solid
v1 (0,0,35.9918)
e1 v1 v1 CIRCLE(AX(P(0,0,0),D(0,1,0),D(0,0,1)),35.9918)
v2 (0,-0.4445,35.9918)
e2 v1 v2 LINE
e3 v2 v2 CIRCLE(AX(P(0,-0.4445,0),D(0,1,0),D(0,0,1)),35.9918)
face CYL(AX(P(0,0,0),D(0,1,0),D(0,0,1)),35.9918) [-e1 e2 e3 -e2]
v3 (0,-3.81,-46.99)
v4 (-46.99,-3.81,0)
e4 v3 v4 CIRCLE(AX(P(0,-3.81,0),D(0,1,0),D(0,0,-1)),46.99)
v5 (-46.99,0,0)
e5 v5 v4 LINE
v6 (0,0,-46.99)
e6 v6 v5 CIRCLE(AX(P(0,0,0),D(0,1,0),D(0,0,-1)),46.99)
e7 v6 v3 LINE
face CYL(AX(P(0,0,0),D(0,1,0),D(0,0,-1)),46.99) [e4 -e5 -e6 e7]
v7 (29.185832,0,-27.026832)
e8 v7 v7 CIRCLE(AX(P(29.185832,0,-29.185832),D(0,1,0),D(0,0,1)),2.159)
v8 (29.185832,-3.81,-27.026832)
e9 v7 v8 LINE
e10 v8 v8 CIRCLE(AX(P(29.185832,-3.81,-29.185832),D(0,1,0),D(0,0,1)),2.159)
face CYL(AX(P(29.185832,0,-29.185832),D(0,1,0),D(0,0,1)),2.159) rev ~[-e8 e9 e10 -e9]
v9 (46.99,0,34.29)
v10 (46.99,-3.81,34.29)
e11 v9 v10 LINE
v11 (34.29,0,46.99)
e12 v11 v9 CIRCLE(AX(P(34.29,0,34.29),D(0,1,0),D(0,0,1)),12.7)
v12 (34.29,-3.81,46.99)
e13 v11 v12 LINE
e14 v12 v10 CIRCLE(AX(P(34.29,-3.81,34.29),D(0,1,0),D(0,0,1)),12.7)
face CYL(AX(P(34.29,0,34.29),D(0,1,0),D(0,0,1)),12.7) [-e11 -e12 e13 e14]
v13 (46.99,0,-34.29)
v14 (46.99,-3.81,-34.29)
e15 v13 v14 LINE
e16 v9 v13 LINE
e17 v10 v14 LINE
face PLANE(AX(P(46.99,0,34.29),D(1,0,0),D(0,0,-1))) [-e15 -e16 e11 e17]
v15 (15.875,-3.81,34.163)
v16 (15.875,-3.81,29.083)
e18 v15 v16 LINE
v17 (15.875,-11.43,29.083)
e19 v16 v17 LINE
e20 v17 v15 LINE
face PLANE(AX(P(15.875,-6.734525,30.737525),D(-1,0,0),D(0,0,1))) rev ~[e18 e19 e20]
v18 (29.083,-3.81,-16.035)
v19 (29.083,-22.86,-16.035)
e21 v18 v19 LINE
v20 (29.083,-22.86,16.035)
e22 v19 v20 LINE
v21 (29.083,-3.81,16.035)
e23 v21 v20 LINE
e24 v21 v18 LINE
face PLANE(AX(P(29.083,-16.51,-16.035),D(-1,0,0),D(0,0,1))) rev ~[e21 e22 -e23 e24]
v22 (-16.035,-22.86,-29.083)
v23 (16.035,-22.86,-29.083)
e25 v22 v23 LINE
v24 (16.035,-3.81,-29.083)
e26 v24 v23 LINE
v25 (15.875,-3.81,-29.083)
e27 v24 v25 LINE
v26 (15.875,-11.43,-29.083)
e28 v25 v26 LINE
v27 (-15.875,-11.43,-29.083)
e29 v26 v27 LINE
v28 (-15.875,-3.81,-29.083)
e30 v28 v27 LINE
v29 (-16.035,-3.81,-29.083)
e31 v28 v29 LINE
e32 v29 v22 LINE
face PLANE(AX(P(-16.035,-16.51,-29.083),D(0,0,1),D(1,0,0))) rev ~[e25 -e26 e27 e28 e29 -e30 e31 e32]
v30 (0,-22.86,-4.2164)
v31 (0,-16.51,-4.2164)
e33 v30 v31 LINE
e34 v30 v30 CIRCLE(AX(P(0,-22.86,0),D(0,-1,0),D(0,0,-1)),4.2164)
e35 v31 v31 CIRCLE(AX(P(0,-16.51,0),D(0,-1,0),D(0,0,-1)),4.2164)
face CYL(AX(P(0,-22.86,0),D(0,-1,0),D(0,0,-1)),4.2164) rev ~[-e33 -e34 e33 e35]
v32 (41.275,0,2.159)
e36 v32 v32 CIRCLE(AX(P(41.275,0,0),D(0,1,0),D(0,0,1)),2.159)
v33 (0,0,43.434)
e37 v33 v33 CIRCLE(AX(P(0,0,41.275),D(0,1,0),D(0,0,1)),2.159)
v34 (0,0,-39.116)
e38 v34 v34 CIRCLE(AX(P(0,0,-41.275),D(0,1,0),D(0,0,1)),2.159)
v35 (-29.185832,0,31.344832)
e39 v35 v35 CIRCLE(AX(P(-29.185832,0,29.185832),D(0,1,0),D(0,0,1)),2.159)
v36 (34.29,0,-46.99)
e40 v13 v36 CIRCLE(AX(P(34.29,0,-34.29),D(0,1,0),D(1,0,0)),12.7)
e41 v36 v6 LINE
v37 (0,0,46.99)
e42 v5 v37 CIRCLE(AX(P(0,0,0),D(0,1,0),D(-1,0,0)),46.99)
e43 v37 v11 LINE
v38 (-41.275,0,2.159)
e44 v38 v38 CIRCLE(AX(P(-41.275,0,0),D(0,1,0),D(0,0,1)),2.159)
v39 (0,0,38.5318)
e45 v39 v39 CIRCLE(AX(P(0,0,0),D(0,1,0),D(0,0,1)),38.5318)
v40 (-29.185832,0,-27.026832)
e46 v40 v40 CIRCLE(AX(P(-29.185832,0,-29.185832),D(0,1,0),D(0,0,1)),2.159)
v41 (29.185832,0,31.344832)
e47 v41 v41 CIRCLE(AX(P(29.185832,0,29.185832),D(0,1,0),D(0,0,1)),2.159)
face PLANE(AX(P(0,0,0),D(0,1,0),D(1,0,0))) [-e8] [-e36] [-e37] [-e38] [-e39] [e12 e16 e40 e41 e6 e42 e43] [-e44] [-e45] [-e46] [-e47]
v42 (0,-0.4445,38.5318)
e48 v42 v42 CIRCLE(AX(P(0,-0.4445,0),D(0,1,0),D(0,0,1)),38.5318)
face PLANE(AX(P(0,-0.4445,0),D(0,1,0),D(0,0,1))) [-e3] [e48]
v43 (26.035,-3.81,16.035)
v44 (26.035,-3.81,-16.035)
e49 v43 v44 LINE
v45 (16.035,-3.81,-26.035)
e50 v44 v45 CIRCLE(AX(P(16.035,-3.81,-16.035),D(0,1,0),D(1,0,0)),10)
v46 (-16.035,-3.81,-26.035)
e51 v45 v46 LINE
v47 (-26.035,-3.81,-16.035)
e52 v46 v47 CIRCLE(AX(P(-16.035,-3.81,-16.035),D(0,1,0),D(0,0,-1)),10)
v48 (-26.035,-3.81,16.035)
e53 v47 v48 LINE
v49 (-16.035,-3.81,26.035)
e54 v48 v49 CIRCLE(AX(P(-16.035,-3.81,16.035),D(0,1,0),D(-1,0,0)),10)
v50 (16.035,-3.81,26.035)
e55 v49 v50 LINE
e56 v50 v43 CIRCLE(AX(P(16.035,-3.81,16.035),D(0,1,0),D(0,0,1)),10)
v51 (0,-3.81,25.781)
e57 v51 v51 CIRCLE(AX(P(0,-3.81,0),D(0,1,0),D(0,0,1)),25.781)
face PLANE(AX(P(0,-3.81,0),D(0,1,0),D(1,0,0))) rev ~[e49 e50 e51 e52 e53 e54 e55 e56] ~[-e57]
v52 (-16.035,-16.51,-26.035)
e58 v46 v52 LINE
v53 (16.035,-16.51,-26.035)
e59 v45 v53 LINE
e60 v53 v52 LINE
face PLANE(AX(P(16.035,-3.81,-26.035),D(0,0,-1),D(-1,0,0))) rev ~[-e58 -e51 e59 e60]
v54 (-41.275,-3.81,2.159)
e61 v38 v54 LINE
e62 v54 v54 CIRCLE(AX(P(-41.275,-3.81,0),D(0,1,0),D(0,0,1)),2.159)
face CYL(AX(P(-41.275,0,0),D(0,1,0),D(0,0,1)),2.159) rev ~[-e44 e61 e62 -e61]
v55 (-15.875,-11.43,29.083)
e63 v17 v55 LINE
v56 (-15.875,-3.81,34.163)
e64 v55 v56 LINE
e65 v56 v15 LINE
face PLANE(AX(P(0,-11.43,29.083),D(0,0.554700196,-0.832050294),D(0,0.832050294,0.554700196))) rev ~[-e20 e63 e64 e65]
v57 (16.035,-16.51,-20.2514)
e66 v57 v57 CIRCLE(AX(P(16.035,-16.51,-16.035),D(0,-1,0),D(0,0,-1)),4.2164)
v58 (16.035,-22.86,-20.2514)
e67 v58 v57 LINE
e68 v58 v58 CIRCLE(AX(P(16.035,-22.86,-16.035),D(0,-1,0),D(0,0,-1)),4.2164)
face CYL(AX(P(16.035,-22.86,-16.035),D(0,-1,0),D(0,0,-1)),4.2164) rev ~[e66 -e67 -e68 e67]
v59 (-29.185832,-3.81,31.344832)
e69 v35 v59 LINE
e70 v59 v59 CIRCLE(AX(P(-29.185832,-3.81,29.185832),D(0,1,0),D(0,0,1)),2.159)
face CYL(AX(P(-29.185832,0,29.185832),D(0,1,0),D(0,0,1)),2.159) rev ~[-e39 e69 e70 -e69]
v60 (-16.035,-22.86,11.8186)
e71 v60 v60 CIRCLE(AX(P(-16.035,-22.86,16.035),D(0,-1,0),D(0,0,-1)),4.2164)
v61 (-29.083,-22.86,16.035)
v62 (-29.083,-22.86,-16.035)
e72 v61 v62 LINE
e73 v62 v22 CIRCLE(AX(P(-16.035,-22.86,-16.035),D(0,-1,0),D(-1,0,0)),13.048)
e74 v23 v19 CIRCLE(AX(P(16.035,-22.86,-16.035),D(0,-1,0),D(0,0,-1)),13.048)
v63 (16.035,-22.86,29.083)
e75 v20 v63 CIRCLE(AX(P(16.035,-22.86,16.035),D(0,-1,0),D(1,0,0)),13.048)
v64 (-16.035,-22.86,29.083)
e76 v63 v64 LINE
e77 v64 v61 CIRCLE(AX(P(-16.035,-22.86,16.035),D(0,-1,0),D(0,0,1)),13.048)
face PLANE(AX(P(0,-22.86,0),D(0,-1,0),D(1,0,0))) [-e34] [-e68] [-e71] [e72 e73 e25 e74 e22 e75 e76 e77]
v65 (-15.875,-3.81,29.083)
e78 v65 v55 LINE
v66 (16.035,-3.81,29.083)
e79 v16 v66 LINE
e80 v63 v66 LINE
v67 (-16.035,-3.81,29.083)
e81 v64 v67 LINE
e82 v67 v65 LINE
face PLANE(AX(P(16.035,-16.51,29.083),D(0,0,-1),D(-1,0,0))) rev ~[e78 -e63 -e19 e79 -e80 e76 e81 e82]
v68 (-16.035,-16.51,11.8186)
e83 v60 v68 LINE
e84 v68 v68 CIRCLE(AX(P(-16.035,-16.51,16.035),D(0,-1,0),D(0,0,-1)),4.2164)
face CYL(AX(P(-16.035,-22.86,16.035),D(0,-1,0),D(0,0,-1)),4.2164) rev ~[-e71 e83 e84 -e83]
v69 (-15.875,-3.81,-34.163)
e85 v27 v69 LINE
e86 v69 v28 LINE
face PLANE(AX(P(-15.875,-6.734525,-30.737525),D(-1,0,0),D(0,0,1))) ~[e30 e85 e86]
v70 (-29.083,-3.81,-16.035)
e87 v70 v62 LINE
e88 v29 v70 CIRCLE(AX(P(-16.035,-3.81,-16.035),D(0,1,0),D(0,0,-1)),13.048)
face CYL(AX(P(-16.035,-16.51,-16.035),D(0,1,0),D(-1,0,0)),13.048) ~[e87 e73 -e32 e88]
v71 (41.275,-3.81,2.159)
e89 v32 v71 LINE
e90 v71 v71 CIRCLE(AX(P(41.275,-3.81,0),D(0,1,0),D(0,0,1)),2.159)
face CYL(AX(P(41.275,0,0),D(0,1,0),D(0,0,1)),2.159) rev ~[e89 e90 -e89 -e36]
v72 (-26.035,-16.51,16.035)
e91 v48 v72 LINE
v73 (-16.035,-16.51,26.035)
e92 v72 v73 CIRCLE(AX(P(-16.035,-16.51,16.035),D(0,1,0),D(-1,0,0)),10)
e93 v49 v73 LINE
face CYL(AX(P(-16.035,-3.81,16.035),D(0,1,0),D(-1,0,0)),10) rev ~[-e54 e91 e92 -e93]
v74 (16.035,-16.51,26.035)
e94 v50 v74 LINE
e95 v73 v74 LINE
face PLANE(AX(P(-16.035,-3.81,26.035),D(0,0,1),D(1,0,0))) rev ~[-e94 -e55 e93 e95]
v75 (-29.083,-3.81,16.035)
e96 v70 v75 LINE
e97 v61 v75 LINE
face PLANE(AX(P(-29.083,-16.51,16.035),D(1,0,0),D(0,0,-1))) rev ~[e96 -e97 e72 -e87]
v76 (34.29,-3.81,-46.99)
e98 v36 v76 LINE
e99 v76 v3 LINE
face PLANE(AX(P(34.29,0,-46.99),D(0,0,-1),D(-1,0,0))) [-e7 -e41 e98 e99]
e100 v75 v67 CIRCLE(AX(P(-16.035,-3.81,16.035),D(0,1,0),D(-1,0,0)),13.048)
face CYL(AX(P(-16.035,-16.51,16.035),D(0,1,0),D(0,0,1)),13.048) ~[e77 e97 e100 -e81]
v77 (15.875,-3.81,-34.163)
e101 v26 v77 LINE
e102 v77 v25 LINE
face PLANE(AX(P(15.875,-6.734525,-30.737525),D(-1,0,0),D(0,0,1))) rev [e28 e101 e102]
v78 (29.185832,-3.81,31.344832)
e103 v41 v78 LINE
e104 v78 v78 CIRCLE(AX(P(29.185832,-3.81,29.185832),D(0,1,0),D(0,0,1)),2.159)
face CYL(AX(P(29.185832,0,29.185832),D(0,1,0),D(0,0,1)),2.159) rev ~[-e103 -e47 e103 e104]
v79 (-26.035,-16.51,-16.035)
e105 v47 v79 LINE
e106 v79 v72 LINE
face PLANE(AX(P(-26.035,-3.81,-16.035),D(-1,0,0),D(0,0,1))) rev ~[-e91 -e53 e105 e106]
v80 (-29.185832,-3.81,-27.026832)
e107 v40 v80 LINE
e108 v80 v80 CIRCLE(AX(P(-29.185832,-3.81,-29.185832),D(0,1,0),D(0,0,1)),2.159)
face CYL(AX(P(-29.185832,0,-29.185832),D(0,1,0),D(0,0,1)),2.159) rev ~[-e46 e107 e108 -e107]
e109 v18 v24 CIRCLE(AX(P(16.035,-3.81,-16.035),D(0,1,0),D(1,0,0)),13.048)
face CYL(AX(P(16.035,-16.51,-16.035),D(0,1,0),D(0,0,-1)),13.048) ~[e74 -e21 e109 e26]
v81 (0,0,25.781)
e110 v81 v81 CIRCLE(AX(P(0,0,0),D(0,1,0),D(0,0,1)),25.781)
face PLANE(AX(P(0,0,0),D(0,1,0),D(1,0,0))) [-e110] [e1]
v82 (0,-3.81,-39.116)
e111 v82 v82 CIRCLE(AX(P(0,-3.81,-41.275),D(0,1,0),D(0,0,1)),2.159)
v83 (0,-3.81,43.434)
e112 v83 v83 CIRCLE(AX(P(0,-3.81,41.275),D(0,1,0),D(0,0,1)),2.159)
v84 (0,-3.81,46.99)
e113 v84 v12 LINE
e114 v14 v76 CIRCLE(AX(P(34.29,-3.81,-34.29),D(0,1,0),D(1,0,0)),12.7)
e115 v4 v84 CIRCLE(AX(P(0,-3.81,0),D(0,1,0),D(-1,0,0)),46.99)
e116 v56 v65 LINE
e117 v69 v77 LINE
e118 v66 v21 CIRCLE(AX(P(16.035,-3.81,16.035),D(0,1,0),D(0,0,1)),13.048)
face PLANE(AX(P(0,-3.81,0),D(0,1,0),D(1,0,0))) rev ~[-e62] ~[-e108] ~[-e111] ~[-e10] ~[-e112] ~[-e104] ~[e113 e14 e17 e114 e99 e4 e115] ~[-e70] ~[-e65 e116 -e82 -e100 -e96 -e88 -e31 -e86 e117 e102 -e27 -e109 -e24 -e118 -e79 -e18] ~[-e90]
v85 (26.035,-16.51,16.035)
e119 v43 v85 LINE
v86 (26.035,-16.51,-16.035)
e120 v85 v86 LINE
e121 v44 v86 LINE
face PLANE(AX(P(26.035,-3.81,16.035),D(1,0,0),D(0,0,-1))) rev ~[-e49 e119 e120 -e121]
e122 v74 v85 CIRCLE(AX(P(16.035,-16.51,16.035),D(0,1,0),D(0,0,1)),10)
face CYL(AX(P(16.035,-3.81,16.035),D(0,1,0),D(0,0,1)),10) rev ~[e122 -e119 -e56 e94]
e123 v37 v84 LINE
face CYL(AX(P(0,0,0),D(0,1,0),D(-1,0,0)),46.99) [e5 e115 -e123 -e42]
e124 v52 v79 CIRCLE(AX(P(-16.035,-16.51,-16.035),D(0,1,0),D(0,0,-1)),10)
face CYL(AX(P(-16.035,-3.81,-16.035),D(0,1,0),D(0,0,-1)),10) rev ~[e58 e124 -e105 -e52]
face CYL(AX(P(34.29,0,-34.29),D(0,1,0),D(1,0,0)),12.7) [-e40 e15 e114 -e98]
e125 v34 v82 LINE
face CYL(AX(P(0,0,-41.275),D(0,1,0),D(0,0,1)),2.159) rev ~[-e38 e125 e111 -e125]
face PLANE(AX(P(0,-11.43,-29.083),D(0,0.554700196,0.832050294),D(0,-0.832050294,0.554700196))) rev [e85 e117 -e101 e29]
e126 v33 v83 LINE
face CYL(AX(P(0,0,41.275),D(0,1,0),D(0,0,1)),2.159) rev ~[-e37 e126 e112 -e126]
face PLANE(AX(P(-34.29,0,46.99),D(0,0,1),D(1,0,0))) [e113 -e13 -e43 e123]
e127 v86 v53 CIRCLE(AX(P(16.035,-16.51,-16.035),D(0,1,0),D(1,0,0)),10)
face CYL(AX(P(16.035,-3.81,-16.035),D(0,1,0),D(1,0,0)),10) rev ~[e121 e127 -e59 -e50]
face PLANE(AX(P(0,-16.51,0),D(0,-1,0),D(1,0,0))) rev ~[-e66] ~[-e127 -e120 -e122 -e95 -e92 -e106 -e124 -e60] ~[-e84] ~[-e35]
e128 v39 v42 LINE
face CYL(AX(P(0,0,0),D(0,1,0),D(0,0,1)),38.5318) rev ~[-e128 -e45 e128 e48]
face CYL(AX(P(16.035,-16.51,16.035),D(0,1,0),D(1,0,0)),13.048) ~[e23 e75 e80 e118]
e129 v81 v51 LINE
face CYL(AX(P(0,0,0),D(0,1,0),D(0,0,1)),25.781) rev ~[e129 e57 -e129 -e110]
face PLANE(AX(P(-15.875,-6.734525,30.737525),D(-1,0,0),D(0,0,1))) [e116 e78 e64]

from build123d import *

# Parameters (mm, degrees)
SKETCH2_R           = 2.159
BOSS_EXTRUDE3_DEPTH = 3.81
SKETCH1_R           = 38.5318
SKETCH1_R_2         = 35.9918
CUT_EXTRUDE1_DEPTH  = 0.4445
SKETCH4_R           = 25.781
CUT_EXTRUDE2_DEPTH  = 3.81
BOSS_EXTRUDE4_DEPTH = 12.7
BOSS_EXTRUDE5_DEPTH = 6.35
CUT_EXTRUDE3_START  = -3.81
CUT_EXTRUDE3_DEPTH  = 3.81
BOSS_EXTRUDE6_DEPTH = 15.875
CUT_EXTRUDE4_REACH  = 72.276
SKETCH12_R          = 4.2164


with BuildPart() as part:
    # Sketch2 → Boss-Extrude3 (new body)
    with BuildSketch(Plane(origin=(0, 0, 0), x_dir=(1, 0, 0), z_dir=(0, 1, 0))):
        with BuildLine():
            Line((34.29, 46.99), (-34.29, 46.99))
            ThreePointArc((-34.29, 46.99), (-43.270256121, 43.270256121), (-46.99, 34.29))
            Line((-46.99, 34.29), (-46.99, -34.29))
            ThreePointArc((-46.99, -34.29), (-43.270256121, -43.270256121), (-34.29, -46.99))
            Line((-34.29, -46.99), (34.29, -46.99))
            ThreePointArc((34.29, -46.99), (43.270256121, -43.270256121), (46.99, -34.29))
            Line((46.99, -34.29), (46.99, 34.29))
            ThreePointArc((46.99, 34.29), (43.270256121, 43.270256121), (34.29, 46.99))
        make_face()
        with Locations(Location((0, 41.275, 0), (0, 0, 270))):
            Circle(SKETCH2_R, mode=Mode.SUBTRACT)
        with Locations(Location((29.185832393, 29.185832393, 0), (0, 0, 270))):
            Circle(SKETCH2_R, mode=Mode.SUBTRACT)
        with Locations(Location((41.275, 0, 0), (0, 0, 270))):
            Circle(SKETCH2_R, mode=Mode.SUBTRACT)
        with Locations(Location((29.185832393, -29.185832393, 0), (0, 0, 270))):
            Circle(SKETCH2_R, mode=Mode.SUBTRACT)
        with Locations(Location((0, -41.275, 0), (0, 0, 270))):
            Circle(SKETCH2_R, mode=Mode.SUBTRACT)
        with Locations(Location((-29.185832393, -29.185832393, 0), (0, 0, 270))):
            Circle(SKETCH2_R, mode=Mode.SUBTRACT)
        with Locations(Location((-41.275, 0, 0), (0, 0, 270))):
            Circle(SKETCH2_R, mode=Mode.SUBTRACT)
        with Locations(Location((-29.185832393, 29.185832393, 0), (0, 0, 270))):
            Circle(SKETCH2_R, mode=Mode.SUBTRACT)
    extrude(amount=-BOSS_EXTRUDE3_DEPTH)

    # Sketch1 → Cut-Extrude1 (cut)
    with BuildSketch(Plane(origin=(0, 0, 0), x_dir=(1, 0, 0), z_dir=(0, 1, 0))):
        with Locations(Location((0, 0, 0), (0, 0, 270))):
            Circle(SKETCH1_R)
        with Locations(Location((0, 0, 0), (0, 0, 270))):
            Circle(SKETCH1_R_2, mode=Mode.SUBTRACT)
    extrude(amount=-CUT_EXTRUDE1_DEPTH, mode=Mode.SUBTRACT)

    # Sketch4 → Cut-Extrude2 (cut)
    with BuildSketch(Plane(origin=(0, 0, 0), x_dir=(1, 0, 0), z_dir=(0, 1, 0))):
        with Locations(Location((0, 0, 0), (0, 0, 270))):
            Circle(SKETCH4_R)
    extrude(amount=-CUT_EXTRUDE2_DEPTH, mode=Mode.SUBTRACT)

    # Sketch5 → Boss-Extrude4 (add)
    with BuildSketch(Plane.XZ.offset(3.81)):
        with BuildLine():
            ThreePointArc((-29.083, 16.035), (-25.261329281, 25.261329281), (-16.035, 29.083))
            Line((-16.035, 29.083), (16.035, 29.083))
            ThreePointArc((16.035, 29.083), (25.261329281, 25.261329281), (29.083, 16.035))
            Line((29.083, 16.035), (29.083, -16.035))
            ThreePointArc((29.083, -16.035), (25.261329281, -25.261329281), (16.035, -29.083))
            Line((16.035, -29.083), (-16.035, -29.083))
            ThreePointArc((-16.035, -29.083), (-25.261329281, -25.261329281), (-29.083, -16.035))
            Line((-29.083, -16.035), (-29.083, 16.035))
        make_face()
        with BuildLine():
            Line((-26.035, -16.035), (-26.035, 16.035))
            ThreePointArc((-26.035, 16.035), (-23.106067812, 23.106067812), (-16.035, 26.035))
            Line((-16.035, 26.035), (16.035, 26.035))
            ThreePointArc((16.035, 26.035), (23.106067812, 23.106067812), (26.035, 16.035))
            Line((26.035, 16.035), (26.035, -16.035))
            ThreePointArc((26.035, -16.035), (23.106067812, -23.106067812), (16.035, -26.035))
            Line((16.035, -26.035), (-16.035, -26.035))
            ThreePointArc((-16.035, -26.035), (-23.106067812, -23.106067812), (-26.035, -16.035))
        make_face(mode=Mode.SUBTRACT)
    extrude(amount=BOSS_EXTRUDE4_DEPTH)

    # Sketch6 → Boss-Extrude5 (add)
    with BuildSketch(Plane.XZ.offset(16.51)):
        with BuildLine():
            Line((-29.083, 16.035), (-29.083, -16.035))
            ThreePointArc((-29.083, -16.035), (-25.261329281, -25.261329281), (-16.035, -29.083))
            Line((-16.035, -29.083), (16.035, -29.083))
            ThreePointArc((16.035, -29.083), (25.261329281, -25.261329281), (29.083, -16.035))
            Line((29.083, -16.035), (29.083, 16.035))
            ThreePointArc((29.083, 16.035), (25.261329281, 25.261329281), (16.035, 29.083))
            Line((16.035, 29.083), (-16.035, 29.083))
            ThreePointArc((-16.035, 29.083), (-25.261329281, 25.261329281), (-29.083, 16.035))
        make_face()
    extrude(amount=BOSS_EXTRUDE5_DEPTH)

    # Sketch7 → Cut-Extrude3 (cut)
    with BuildSketch(Plane.XZ.offset(3.81).offset(CUT_EXTRUDE3_START)):
        with BuildLine():
            Line((-46.99, 34.29), (-46.99, 0))
            ThreePointArc((-46.99, 0), (-33.226947648, 33.226947648), (0, 46.99))
            Line((0, 46.99), (-34.29, 46.99))
            ThreePointArc((-34.29, 46.99), (-43.270256121, 43.270256121), (-46.99, 34.29))
        make_face()
        with BuildLine():
            ThreePointArc((0, -46.99), (-33.226947648, -33.226947648), (-46.99, 0))
            Line((-46.99, 0), (-46.99, -34.29))
            ThreePointArc((-46.99, -34.29), (-43.270256121, -43.270256121), (-34.29, -46.99))
            Line((-34.29, -46.99), (0, -46.99))
        make_face()
    extrude(amount=CUT_EXTRUDE3_DEPTH, mode=Mode.SUBTRACT)

    # Sketch8 → Boss-Extrude6 (add, symmetric)
    with BuildSketch(Plane(origin=(0, 0, 0), x_dir=(0, 0, -1), z_dir=(1, 0, 0))):
        Polygon((-29.083, -3.81), (-29.083, -11.43), (-34.163, -3.81), align=None)
    boss_extrude6 = extrude(amount=BOSS_EXTRUDE6_DEPTH, both=True)

    # Mirror1: Boss-Extrude6 across plane
    add(boss_extrude6.mirror(Plane.XY))

    # Sketch12 → Cut-Extrude4 (cut, up to next)
    with BuildSketch(Plane.XZ.offset(22.86), mode=Mode.PRIVATE) as cut_extrude4_sk1:
        with Locations(Location((-16.035, 16.035, 0), (0, 0, 270))):
            Circle(SKETCH12_R)
    cut_extrude4_tool1 = extrude(cut_extrude4_sk1.sketch, amount=-CUT_EXTRUDE4_REACH, mode=Mode.PRIVATE) & part.part
    # Sketch12 → Cut-Extrude4 (cut, up to next)
    with BuildSketch(Plane.XZ.offset(22.86), mode=Mode.PRIVATE) as cut_extrude4_sk2:
        with Locations(Location((16.035, -16.035, 0), (0, 0, 270))):
            Circle(SKETCH12_R)
    cut_extrude4_tool2 = extrude(cut_extrude4_sk2.sketch, amount=-CUT_EXTRUDE4_REACH, mode=Mode.PRIVATE) & part.part
    # Sketch12 → Cut-Extrude4 (cut, up to next)
    with BuildSketch(Plane.XZ.offset(22.86), mode=Mode.PRIVATE) as cut_extrude4_sk3:
        with Locations(Location((0, 0, 0), (0, 0, 270))):
            Circle(SKETCH12_R)
    cut_extrude4_tool3 = extrude(cut_extrude4_sk3.sketch, amount=-CUT_EXTRUDE4_REACH, mode=Mode.PRIVATE) & part.part
    add(cut_extrude4_tool1.solids().sort_by_distance((-16.035, -22.86, 16.035))[0], mode=Mode.SUBTRACT)
    add(cut_extrude4_tool2.solids().sort_by_distance((16.035, -22.86, -16.035))[0], mode=Mode.SUBTRACT)
    add(cut_extrude4_tool3.solids().sort_by_distance((0, -22.86, 0))[0], mode=Mode.SUBTRACT)


solid = part.part
